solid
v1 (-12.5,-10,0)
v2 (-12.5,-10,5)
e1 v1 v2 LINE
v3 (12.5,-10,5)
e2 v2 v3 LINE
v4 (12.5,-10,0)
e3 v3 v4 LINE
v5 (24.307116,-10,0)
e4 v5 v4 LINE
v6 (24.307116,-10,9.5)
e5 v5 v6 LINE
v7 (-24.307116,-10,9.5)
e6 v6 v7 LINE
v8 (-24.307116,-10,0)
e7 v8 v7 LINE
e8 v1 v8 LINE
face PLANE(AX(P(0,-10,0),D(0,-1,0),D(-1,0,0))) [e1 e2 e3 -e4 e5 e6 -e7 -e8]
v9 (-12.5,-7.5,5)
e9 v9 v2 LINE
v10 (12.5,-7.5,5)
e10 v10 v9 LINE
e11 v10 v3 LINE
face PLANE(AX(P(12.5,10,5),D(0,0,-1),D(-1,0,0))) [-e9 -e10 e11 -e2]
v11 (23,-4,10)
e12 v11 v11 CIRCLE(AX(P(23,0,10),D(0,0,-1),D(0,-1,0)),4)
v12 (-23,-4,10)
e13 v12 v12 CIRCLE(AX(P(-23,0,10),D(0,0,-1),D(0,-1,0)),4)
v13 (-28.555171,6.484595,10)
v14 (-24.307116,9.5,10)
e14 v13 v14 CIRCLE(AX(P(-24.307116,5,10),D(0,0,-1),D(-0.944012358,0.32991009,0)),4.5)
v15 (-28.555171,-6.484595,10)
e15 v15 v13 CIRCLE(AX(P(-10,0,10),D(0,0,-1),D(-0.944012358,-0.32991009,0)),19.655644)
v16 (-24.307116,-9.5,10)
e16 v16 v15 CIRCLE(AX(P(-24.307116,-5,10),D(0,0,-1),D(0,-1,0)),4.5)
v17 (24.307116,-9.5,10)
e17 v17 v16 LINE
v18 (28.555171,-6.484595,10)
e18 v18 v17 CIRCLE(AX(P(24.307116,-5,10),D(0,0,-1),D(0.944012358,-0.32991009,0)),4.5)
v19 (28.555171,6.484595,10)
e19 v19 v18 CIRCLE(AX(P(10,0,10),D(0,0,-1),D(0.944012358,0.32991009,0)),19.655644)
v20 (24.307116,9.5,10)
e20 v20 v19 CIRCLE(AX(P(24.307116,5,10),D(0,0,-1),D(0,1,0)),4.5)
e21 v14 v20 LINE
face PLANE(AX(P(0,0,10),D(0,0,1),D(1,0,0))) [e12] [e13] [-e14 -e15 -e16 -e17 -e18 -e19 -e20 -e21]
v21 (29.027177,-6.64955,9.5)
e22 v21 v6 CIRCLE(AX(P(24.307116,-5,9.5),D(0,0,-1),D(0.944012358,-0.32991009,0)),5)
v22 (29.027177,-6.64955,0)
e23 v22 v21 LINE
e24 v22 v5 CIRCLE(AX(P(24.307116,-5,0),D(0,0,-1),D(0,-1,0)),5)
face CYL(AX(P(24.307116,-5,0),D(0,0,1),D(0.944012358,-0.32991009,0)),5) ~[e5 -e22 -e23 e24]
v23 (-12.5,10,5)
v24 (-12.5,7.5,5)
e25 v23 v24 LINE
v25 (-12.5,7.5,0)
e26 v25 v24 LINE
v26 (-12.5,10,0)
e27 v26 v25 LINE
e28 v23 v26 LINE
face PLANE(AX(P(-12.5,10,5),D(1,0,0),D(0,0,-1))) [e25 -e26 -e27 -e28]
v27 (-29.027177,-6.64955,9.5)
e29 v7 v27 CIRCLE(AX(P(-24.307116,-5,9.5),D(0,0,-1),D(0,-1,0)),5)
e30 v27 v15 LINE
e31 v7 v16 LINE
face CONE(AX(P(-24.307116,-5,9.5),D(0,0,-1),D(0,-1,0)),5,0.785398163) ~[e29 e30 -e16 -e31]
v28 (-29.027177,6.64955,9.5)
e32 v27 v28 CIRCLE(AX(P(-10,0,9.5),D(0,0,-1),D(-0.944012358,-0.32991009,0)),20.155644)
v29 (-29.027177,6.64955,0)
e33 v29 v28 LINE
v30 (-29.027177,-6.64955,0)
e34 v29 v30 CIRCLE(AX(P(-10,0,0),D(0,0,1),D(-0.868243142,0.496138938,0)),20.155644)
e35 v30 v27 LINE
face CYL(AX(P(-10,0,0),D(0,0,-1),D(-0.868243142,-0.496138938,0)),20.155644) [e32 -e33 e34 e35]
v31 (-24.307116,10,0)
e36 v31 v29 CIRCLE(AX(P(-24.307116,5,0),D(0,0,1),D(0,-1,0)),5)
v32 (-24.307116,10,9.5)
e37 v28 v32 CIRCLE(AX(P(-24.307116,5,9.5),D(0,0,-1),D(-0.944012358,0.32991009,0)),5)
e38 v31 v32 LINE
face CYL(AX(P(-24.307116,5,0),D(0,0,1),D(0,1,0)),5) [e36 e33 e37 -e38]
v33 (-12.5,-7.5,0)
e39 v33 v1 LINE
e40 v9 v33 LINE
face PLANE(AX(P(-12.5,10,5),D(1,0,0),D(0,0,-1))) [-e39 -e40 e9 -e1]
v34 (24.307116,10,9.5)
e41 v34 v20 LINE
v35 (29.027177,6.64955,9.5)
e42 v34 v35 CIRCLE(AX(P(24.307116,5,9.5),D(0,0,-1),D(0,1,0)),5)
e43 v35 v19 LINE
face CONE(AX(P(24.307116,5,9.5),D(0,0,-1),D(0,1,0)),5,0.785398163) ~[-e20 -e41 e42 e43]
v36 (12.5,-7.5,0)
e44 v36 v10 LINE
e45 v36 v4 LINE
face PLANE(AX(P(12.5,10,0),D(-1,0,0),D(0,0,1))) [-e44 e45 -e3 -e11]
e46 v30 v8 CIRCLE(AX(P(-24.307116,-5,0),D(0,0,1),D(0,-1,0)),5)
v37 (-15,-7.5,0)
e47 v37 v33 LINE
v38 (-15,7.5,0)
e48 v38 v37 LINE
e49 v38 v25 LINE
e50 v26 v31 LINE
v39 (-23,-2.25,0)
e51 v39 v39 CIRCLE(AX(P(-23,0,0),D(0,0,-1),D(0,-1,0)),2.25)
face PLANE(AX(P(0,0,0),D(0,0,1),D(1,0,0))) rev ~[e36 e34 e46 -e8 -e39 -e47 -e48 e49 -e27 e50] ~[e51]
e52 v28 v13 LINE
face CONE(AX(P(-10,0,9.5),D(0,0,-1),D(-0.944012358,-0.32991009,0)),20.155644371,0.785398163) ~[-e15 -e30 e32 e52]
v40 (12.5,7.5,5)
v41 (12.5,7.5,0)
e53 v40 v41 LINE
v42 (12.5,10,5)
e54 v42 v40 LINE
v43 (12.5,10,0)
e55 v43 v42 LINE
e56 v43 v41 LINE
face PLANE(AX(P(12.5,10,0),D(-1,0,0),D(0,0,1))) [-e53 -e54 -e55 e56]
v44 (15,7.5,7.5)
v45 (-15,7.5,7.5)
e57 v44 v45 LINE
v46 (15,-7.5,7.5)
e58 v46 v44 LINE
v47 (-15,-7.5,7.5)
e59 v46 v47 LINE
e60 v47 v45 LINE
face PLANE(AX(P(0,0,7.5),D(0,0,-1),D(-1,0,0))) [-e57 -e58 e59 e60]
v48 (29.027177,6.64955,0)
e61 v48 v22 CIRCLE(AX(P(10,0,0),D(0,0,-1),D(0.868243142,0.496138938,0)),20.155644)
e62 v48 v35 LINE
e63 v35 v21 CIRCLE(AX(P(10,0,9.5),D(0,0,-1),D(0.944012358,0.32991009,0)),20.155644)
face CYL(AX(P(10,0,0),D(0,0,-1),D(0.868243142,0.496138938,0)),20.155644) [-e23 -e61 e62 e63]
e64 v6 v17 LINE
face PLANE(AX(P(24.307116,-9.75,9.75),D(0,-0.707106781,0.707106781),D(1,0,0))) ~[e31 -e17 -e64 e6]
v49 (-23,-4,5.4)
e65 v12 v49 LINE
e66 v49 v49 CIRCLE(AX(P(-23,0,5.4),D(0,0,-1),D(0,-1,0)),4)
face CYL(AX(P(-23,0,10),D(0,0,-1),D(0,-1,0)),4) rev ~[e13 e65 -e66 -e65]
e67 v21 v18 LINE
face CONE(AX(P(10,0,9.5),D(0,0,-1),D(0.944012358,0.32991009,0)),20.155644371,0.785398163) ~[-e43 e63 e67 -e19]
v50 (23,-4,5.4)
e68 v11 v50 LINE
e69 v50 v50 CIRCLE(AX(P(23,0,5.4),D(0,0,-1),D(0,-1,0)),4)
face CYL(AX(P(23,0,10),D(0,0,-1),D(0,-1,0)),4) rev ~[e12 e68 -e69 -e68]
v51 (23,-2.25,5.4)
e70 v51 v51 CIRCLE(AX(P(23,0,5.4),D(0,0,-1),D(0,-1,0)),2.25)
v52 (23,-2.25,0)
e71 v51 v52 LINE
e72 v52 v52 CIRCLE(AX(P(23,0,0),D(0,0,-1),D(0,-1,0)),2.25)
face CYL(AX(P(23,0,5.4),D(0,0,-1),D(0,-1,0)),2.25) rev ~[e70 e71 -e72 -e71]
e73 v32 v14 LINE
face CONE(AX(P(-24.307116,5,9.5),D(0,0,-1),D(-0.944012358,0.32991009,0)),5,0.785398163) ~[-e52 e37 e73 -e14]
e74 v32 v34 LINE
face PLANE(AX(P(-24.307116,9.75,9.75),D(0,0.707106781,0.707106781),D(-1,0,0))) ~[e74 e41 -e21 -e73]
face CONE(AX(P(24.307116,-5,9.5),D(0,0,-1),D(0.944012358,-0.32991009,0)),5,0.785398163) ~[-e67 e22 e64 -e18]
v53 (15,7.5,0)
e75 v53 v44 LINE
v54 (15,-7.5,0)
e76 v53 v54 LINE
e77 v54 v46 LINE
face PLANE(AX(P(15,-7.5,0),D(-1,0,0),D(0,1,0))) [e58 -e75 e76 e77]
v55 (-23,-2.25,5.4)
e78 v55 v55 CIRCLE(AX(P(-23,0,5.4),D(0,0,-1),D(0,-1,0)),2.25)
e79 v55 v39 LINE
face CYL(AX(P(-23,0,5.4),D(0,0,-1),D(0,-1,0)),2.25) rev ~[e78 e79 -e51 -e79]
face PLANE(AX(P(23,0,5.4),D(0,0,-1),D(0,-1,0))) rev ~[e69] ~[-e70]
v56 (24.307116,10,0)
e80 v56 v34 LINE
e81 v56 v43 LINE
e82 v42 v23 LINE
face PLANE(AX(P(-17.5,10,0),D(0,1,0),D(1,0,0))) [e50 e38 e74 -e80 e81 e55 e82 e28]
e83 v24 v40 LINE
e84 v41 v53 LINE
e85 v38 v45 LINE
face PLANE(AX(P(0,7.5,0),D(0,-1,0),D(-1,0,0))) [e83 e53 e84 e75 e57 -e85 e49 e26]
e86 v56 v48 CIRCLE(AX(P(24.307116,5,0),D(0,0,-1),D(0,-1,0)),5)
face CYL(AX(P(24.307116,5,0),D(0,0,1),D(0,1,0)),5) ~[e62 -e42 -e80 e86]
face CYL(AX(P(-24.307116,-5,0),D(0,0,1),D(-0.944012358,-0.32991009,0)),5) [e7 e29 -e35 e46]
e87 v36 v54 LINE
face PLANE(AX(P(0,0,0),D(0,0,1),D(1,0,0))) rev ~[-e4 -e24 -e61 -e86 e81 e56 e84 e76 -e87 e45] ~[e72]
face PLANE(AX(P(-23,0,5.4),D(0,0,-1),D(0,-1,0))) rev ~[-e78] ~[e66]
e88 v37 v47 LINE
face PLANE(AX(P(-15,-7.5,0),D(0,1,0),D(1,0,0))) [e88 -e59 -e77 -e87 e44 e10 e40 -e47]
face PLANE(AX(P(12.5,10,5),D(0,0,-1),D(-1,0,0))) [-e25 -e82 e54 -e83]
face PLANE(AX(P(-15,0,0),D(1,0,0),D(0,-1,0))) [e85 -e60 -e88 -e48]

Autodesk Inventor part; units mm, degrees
ref_plane "YZ Plane" through (0, 0, 0) normal (1, 0, 0) x (0, 1, 0)
ref_plane "XZ Plane" through (0, 0, 0) normal (0, 1, 0) x (-1, 0, 0)
ref_plane "XY Plane" through (0, 0, 0) normal (0, 0, 1) x (1, 0, 0)
sketch "Náčrt1" plane through (0, 0, 0) normal (0, 0, 1) x (1, 0, 0)
  line L0 (-24.5, 0) -> (24.5, 0) projected
  line L1 (0, -14) -> (0, 14) projected
  line L2 (-17.5, 10) -> (17.5, 10)
  line L3 (17.5, 10) -> (17.5, -10)
  line L4 (17.5, -10) -> (-17.5, -10)
  line L5 (-17.5, -10) -> (-17.5, 10)
  point P0 (0, 0)
  point P1 (0, 10)
  point P2 (17.5, 0)
  point P3 (-17.5, 0)
  point P4 (0, -10)
  dimension "d0" = 35
  dimension "d1" = 20
extrude "Vysunutí1" add sketch "Náčrt1" along normal blind 10
sketch "Náčrt2" plane through (0, 0, 0) normal (0, 0, -1) x (-1, 0, 0)
  line L0 (17.5, -10) -> (-17.5, -10) projected
  line L1 (17.5, 10) -> (17.5, -10) projected
  line L2 (-17.5, 10) -> (17.5, 10) projected
  line L3 (-17.5, -10) -> (-17.5, 10) projected
  line L4 (-15, 7.5) -> (15, 7.5)
  line L5 (15, 7.5) -> (15, -7.5)
  line L6 (15, -7.5) -> (-15, -7.5)
  line L7 (-15, -7.5) -> (-15, 7.5)
  line L8 (24.5, 0) -> (-24.5, 0) projected
  line L9 (0, -14) -> (0, 14) projected
  point P0 (0, 0)
  point P1 (0, 7.5)
  point P2 (15, 0)
  dimension "d4" = 15
  dimension "d5" = 30
extrude "Vysunutí2" cut sketch "Náčrt2" against normal blind 7.5 contours L9 L8 L5 L6 | L6 L7 L8 L9 | L8 L9 L4 L5 | L8 L7 L4 L9
sketch "Náčrt3" plane through (-17.5, 10, 0) normal (0, 1, 0) x (1, 0, 0)
  line L0 (35, 0) -> (0, 0) projected
  line L1 (0, 0) -> (0, -10) projected
  line L2 (35, -10) -> (0, -10) projected
  line L3 (35, 0) -> (35, -10) projected
  line L4 (30, -5) -> (5, -5)
  line L5 (5, -5) -> (5, 0)
  line L6 (5, 0) -> (30, 0)
  line L7 (30, 0) -> (30, -5)
  point P0 (17.5, 0)
  point P1 (17.5, 0)
  point P2 (30, 0)
  point P3 (5, 0)
  dimension "d8" = 5
  dimension "d9" = 25
extrude "Vysunutí3" cut sketch "Náčrt3" against normal through all contours L7 L4 L5 L0
sketch "Náčrt4" plane through (0, 0, 0) normal (0, 0, -1) x (-1, 0, 0)
  line L0 (-12.5, 7.5) -> (-12.5, 10) projected
  line L1 (-17.5, 10) -> (-12.5, 10) projected
  line L2 (-17.5, -10) -> (-17.5, 10) projected
  line L3 (-12.5, -10) -> (-17.5, -10) projected
  line L4 (-12.5, -10) -> (-12.5, -7.5) projected
  line L5 (-12.5, -7.5) -> (-15, -7.5) projected
  line L6 (-15, -7.5) -> (-15, 7.5) projected
  line L7 (-15, 7.5) -> (-12.5, 7.5) projected
  line L8 (12.5, 10) -> (12.5, 7.5) projected
  line L9 (12.5, 7.5) -> (15, 7.5) projected
  line L10 (15, 7.5) -> (15, -7.5) projected
  line L11 (15, -7.5) -> (12.5, -7.5) projected
  line L12 (12.5, -7.5) -> (12.5, -10) projected
  line L13 (17.5, -10) -> (12.5, -10) projected
  line L14 (17.5, 10) -> (17.5, -10) projected
  line L15 (12.5, 10) -> (17.5, 10) projected
  line L16 (52.5, 0) -> (-52.5, 0) projected
  line L17 (0, -14) -> (0, 14) projected
  line L18 (-17.5, 10) -> (17.5, 10) projected
  line L19 (-27.5, 10) -> (-17.5, 10)
  line L20 (-17.5, 10) -> (-17.5, -10)
  line L21 (-17.5, -10) -> (-27.5, -10)
  line L22 (-27.5, -10) -> (-27.5, 10)
  line L23 (17.5, 10) -> (27.5, 10)
  line L24 (27.5, 10) -> (27.5, -10)
  line L25 (27.5, -10) -> (17.5, -10)
  line L26 (17.5, -10) -> (17.5, 10)
  arc A0 (-27.5, 10) -> (-27.5, -10) centre (-10, 0) ccw
  arc A1 (27.5, -10) -> (27.5, 10) centre (10, 0) ccw
  point P0 (0, 0)
  point P1 (-17.5, 0)
  point P2 (17.5, 0)
  point P3 (-17.5, 0)
  point P4 (17.5, 0)
  dimension "d26" = 10
  dimension "d27" = 10
  dimension "d32" = 10
  dimension "d33" = 10
extrude "Vysunutí4" add sketch "Náčrt4" against normal up to surface (10 mm away) contours L2 L16 L22 L19 | L2 L21 L22 L16 | L22 L16 A0 | L22 A0 L16 | L23 L24 L16 L14 | L16 L24 L25 L14 | A1 L16 L24 | L16 A1 L24
sketch "Náčrt5" plane through (0, 0, 10) normal (0, 0, 1) x (1, 0, 0)
  line L0 (-47.1525, 0) -> (47.1525, 0) projected
  line L1 (0, -14) -> (0, 14) projected
  line L2 (-27.5, 10) -> (27.5, 10) projected
  line L3 (27.5, -10) -> (-27.5, -10) projected
  arc A0 (27.5, -10) -> (27.5, 10) centre (10, 0) ccw projected
  arc A1 (-27.5, 10) -> (-27.5, -10) centre (-10, 0) ccw projected
  point P0 (0, 0)
  point P1 (23, 0)
  point P2 (-23, 0)
  dimension "d30" = 46
  dimension "d31" = 23
hole "Díra1" at (23, 0, 10) at (-23, 0, 10) direction (0, 0, -1) diameter 4.5 end through all counterbore diameter 8 counterbore depth 4.6 clearance for "Šroub s hlavou s vnitřním vybráním ISO 4762" size "M4" standard "ISO"
fillet "Zaoblení2" radius 5 4 edges at (27.5, 10, 5) (-27.5, 10, 5) (-27.5, -10, 5) (27.5, -10, 5)
chamfer "Zkosení1" distance 0.5 angle 45 2 edges at (0, 10, 10) (0, -10, 10)
properties part number "drzak_kable_horni_dil"
